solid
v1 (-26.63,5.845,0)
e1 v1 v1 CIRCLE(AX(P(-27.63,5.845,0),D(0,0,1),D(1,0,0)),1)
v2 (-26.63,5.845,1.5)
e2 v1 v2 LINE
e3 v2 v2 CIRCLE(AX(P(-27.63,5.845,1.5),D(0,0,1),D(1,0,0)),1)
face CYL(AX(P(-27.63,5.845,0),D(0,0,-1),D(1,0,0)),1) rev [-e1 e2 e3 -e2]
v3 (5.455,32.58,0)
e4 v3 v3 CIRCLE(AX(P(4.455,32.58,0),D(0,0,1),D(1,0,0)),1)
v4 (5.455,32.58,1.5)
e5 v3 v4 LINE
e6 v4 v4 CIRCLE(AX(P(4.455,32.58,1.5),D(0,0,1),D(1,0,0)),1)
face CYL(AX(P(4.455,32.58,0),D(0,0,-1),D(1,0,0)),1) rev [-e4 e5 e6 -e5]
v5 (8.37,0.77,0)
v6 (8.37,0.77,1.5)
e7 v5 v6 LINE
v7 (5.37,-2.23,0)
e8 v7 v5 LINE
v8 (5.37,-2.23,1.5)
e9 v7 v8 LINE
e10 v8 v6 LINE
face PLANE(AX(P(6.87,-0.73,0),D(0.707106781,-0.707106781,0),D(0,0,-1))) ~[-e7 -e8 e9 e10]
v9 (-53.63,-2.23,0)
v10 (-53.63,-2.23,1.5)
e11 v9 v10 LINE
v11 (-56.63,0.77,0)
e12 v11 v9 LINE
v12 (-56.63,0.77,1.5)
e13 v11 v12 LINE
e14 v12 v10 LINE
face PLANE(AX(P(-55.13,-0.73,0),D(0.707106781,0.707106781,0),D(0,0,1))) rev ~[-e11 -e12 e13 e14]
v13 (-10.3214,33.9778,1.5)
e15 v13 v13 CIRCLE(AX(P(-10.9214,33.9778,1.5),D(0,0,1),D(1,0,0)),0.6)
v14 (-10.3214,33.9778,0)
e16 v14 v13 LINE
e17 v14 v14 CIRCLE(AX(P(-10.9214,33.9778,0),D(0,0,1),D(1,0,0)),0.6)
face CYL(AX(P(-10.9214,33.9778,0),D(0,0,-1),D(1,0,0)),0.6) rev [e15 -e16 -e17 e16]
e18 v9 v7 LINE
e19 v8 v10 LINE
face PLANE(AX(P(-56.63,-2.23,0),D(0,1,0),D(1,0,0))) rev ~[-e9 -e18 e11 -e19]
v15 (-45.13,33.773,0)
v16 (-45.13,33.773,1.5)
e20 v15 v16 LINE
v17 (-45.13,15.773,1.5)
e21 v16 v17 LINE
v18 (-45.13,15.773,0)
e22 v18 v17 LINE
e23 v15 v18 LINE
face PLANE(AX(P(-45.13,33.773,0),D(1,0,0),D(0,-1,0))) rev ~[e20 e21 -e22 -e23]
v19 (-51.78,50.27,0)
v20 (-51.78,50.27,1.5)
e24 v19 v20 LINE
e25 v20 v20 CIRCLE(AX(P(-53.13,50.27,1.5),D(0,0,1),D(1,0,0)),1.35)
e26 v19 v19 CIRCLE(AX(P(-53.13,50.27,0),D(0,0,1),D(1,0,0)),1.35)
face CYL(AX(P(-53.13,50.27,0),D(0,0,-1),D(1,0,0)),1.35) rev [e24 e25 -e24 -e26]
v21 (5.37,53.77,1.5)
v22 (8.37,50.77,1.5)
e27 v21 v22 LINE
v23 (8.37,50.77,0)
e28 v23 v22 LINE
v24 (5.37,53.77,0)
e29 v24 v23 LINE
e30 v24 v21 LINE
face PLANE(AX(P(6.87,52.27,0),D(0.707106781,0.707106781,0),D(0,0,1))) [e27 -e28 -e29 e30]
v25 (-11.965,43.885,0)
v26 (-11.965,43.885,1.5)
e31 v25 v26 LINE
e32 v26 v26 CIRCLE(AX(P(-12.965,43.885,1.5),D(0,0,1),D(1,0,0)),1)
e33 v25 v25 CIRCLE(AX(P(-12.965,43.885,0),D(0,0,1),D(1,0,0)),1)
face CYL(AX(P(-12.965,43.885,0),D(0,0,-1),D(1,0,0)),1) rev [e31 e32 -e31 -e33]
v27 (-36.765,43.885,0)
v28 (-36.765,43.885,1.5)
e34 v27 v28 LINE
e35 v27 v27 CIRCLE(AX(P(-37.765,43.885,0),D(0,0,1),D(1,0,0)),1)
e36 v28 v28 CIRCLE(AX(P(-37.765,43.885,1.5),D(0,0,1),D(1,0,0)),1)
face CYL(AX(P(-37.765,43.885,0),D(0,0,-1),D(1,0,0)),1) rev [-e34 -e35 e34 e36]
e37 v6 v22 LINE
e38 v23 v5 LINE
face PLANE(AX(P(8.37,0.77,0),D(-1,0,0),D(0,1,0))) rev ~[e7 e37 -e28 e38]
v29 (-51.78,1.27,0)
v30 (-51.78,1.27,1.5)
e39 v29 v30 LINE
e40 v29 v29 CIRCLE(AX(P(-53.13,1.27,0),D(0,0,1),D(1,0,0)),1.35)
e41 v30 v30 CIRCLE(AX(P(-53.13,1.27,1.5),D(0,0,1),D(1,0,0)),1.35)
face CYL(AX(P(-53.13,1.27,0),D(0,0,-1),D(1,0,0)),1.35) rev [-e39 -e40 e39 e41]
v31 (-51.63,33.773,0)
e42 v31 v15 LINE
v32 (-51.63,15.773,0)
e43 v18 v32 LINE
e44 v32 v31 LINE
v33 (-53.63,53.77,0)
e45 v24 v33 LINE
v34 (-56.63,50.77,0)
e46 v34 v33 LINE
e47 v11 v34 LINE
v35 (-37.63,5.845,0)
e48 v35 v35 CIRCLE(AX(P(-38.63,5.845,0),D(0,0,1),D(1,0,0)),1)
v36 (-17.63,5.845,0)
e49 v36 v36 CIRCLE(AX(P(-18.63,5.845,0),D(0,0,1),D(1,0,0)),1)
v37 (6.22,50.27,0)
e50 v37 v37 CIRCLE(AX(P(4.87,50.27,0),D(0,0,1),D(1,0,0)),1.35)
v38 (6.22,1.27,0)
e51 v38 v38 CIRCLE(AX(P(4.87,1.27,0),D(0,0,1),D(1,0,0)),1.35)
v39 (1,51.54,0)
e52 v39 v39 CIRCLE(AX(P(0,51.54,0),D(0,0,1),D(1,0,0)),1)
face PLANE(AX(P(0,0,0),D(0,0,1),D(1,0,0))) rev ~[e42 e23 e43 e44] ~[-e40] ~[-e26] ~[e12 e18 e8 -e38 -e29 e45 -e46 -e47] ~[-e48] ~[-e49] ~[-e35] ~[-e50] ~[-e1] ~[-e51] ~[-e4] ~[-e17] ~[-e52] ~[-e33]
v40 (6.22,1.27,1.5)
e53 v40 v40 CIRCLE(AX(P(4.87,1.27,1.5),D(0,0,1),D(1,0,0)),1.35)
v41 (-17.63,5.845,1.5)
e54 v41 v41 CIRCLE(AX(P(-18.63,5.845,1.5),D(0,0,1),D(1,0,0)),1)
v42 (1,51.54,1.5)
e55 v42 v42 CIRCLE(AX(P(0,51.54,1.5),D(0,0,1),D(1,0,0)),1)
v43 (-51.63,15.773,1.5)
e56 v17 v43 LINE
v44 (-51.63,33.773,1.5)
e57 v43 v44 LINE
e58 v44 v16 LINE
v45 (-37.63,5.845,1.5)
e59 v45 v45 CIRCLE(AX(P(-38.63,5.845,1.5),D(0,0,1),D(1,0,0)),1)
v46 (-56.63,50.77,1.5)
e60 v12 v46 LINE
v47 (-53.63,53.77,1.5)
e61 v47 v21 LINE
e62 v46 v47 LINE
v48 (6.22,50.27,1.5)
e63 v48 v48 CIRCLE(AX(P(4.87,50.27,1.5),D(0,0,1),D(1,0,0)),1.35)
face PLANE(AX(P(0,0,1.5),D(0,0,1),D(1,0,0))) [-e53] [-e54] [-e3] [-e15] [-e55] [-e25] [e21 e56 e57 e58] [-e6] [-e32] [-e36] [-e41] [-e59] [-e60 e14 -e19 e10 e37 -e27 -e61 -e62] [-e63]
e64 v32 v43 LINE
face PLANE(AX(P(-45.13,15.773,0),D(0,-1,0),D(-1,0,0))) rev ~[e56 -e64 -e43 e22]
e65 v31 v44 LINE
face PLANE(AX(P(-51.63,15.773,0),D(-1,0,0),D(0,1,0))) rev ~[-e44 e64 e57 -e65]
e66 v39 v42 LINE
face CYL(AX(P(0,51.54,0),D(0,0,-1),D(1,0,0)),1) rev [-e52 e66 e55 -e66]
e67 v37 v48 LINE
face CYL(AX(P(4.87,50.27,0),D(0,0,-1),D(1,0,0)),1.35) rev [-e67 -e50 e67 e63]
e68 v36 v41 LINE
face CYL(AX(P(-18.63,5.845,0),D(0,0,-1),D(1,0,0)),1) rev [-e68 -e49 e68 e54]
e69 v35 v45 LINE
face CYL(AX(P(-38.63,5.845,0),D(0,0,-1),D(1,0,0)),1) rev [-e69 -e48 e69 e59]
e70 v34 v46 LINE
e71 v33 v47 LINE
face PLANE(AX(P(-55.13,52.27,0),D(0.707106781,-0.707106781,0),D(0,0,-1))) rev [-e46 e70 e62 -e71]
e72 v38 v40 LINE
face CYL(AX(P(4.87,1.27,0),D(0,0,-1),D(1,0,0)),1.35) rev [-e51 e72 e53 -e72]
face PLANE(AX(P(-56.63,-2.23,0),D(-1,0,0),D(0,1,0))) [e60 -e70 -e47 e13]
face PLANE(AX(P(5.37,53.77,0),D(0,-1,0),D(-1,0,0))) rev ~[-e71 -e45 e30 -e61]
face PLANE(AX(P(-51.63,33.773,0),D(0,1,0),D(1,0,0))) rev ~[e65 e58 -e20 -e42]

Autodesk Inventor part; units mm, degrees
ref_plane "YZ Plane" through (0, 0, 0) normal (1, 0, 0) x (0, 1, 0)
ref_plane "XZ Plane" through (0, 0, 0) normal (0, 1, 0) x (-1, 0, 0)
ref_plane "XY Plane" through (0, 0, 0) normal (0, 0, 1) x (1, 0, 0)
sketch "Эскиз1" plane through (0, 0, 0) normal (0, 0, 1) x (1, 0, 0)
  line L0 (-73.63, -2.23) -> (5.37, -2.23) projected
  arc A0 (5.37, -2.23) -> (8.37, 0.77) centre (5.37, 0.77) ccw projected
  line L1 (8.37, 0.77) -> (8.37, 50.77) projected
  arc A1 (8.37, 50.77) -> (5.37, 53.77) centre (5.37, 50.77) ccw projected
  line L2 (5.37, 53.77) -> (-73.63, 53.77) projected
  arc A2 (-73.63, 53.77) -> (-76.63, 50.77) centre (-73.63, 50.77) ccw projected
  line L3 (-76.63, 50.77) -> (-76.63, 0.77) projected
  arc A3 (-76.63, 0.77) -> (-73.63, -2.23) centre (-73.63, 0.77) ccw projected
  circle A4 centre (4.87, 50.27) radius 1.35 projected
  circle A5 centre (-53.13, 50.27) radius 1.35 projected
  circle A6 centre (0.07, 48.67) radius 0.325 projected
  circle A7 centre (-5.73, 48.67) radius 0.325 projected
  circle A8 centre (-68.88, 49.235) radius 1.65 projected
  circle A9 centre (4.87, 44.27) radius 1.55 projected
  circle A10 centre (-68.88, 37.805) radius 1.65 projected
  circle A11 centre (-53.13, 7.27) radius 1.55 projected
  circle A12 centre (4.87, 1.27) radius 1.35 projected
  circle A13 centre (-53.13, 1.27) radius 1.35 projected
  line L4 (5.37, -2.23) -> (8.37, -2.23) construction
  line L5 (8.37, -2.23) -> (8.37, 0.77) construction
  line L6 (8.37, 0.77) -> (5.37, 0.77) construction
  line L7 (5.37, 0.77) -> (5.37, -2.23) construction
  line L8 (8.37, -2.23) -> (-56.63, -2.23)
  line L9 (-56.63, -2.23) -> (-56.63, 53.77)
  line L10 (-56.63, 53.77) -> (8.37, 53.77)
  line L11 (8.37, 53.77) -> (8.37, -2.23)
  line L12 (8.37, -2.23) -> (-56.63, -2.23)
  line L13 (-56.63, -2.23) -> (-56.63, -13.23)
  line L14 (-56.63, -13.23) -> (8.37, -13.23)
  line L15 (8.37, -13.23) -> (8.37, -2.23)
  line L16 (-56.63, 53.77) -> (8.37, 53.77)
  line L17 (8.37, 53.77) -> (8.37, 61.77)
  line L18 (8.37, 61.77) -> (-56.63, 61.77)
  line L19 (-56.63, 61.77) -> (-56.63, 53.77)
  line L20 (0.1, 51.34) -> (-0.1, 51.34) construction
  line L21 (-0.1, 51.34) -> (-0.1, 51.74) construction
  line L22 (0.1, 51.74) -> (-0.1, 51.74) construction
  line L23 (0.1, 51.34) -> (0.1, 51.74) construction
  line L24 (0, 51.74) -> (0, 51.34) construction
  line L25 (0.1, 51.54) -> (-0.1, 51.54) construction
  circle A14 centre (0, 51.54) radius 1
  line L26 (4.5478, 32.4872) -> (4.3622, 32.4872) construction
  line L27 (4.3622, 32.4872) -> (4.3622, 32.6728) construction
  line L28 (4.3622, 32.6728) -> (4.5478, 32.6728) construction
  line L29 (4.5478, 32.6728) -> (4.5478, 32.4872) construction
  line L30 (4.455, 32.4872) -> (4.455, 32.6728) construction
  line L31 (4.5478, 32.58) -> (4.3622, 32.58) construction
  circle A15 centre (4.455, 32.58) radius 1
  line L32 (-37.8578, 43.7922) -> (-37.8578, 43.9778) construction
  line L33 (-37.8578, 43.9778) -> (-37.6722, 43.9778) construction
  line L34 (-37.6722, 43.9778) -> (-37.6722, 43.7922) construction
  line L35 (-37.6722, 43.7922) -> (-37.8578, 43.7922) construction
  line L36 (-37.765, 43.7922) -> (-37.765, 43.9778) construction
  line L37 (-37.6722, 43.885) -> (-37.8578, 43.885) construction
  circle A16 centre (-37.765, 43.885) radius 1
  line L38 (-14.8578, 43.7922) -> (-14.8578, 43.9778) construction
  line L39 (-14.8578, 43.9778) -> (-14.6722, 43.9778) construction
  line L40 (-14.6722, 43.9778) -> (-14.6722, 43.7922) construction
  line L41 (-14.6722, 43.7922) -> (-14.8578, 43.7922) construction
  line L42 (-14.765, 43.7922) -> (-14.765, 43.9778) construction
  line L43 (-14.6722, 43.885) -> (-14.8578, 43.885) construction
  circle A17 centre (-14.765, 43.885) radius 1 construction
  circle A18 centre (-10.9214, 33.9778) radius 0.85 construction
  circle A19 centre (-10.9214, 33.9778) radius 0.6 projected
  line L44 (-18.88, 5.47) -> (-18.38, 5.47) construction
  line L45 (-18.88, 5.47) -> (-18.88, 6.22) construction
  line L46 (-18.88, 6.22) -> (-18.38, 6.22) construction
  line L47 (-18.38, 5.47) -> (-18.38, 6.22) construction
  line L48 (-27.88, 5.47) -> (-27.38, 5.47) construction
  line L49 (-27.88, 5.47) -> (-27.88, 6.22) construction
  line L50 (-27.88, 6.22) -> (-27.38, 6.22) construction
  line L51 (-27.38, 5.47) -> (-27.38, 6.22) construction
  line L52 (-38.88, 5.47) -> (-38.38, 5.47) construction
  line L53 (-38.88, 5.47) -> (-38.88, 6.22) construction
  line L54 (-38.88, 6.22) -> (-38.38, 6.22) construction
  line L55 (-38.38, 5.47) -> (-38.38, 6.22) construction
  line L56 (-18.38, 5.845) -> (-18.88, 5.845) construction
  line L57 (-18.63, 5.47) -> (-18.63, 6.22) construction
  circle A20 centre (-18.63, 5.845) radius 1
  line L58 (-27.38, 5.845) -> (-27.88, 5.845) construction
  line L59 (-27.63, 5.47) -> (-27.63, 6.22) construction
  line L60 (-38.38, 5.845) -> (-38.88, 5.845) construction
  line L61 (-38.63, 5.47) -> (-38.63, 6.22) construction
  circle A21 centre (-38.63, 5.845) radius 1
  circle A22 centre (-27.63, 5.845) radius 1
  line L62 (-14.765, 43.885) -> (-12.965, 43.885) construction
  circle A23 centre (-12.965, 43.885) radius 1
  line L63 (-56.63, 53.77) -> (-51.63, 53.77) construction
  line L64 (-51.63, 53.77) -> (-51.63, 33.773) construction
  line L65 (-51.63, 33.773) -> (-56.63, 33.773) construction
  line L66 (-56.63, 33.773) -> (-56.63, 53.77) construction
  line L67 (-51.63, 33.773) -> (-45.13, 33.773)
  line L68 (-45.13, 33.773) -> (-45.13, 15.773)
  line L69 (-45.13, 15.773) -> (-51.63, 15.773)
  line L70 (-51.63, 15.773) -> (-51.63, 33.773)
  point P0 (0, 0)
  point P1 (8.37, 0.77)
  point P2 (8.37, 53.77)
  dimension "d0" = 65
  dimension "d1" = 56
  dimension "d8" = 65
  dimension "d9" = 11
  dimension "d10" = 8
  dimension "d11" = 2
  dimension "d12" = 2
  dimension "d13" = 2
  dimension "d14" = 2
  dimension "d15" = 2
  dimension "d16" = 2
  dimension "d17" = 2
  dimension "d21" = 1.8
  dimension "d22" = 2
  dimension "d23" = 5
  dimension "d24" = 19.997
  dimension "d25" = 6.5
  dimension "d26" = 18
extrude "Выдавливание1" add sketch "Эскиз1" along normal blind 1.5 contours L9 L2 A1 L1 A0 L0 | A0 L11 L8 | L10 L11 A1 | A6 | A7 | A9 | A11
chamfer "Фаска1" distance 3 angle 45 4 edges at (8.37, -2.23, 0.75) (8.37, 53.77, 0.75) (-56.63, 53.77, 0.75) (-56.63, -2.23, 0.75)
properties part number "board_rpi"
